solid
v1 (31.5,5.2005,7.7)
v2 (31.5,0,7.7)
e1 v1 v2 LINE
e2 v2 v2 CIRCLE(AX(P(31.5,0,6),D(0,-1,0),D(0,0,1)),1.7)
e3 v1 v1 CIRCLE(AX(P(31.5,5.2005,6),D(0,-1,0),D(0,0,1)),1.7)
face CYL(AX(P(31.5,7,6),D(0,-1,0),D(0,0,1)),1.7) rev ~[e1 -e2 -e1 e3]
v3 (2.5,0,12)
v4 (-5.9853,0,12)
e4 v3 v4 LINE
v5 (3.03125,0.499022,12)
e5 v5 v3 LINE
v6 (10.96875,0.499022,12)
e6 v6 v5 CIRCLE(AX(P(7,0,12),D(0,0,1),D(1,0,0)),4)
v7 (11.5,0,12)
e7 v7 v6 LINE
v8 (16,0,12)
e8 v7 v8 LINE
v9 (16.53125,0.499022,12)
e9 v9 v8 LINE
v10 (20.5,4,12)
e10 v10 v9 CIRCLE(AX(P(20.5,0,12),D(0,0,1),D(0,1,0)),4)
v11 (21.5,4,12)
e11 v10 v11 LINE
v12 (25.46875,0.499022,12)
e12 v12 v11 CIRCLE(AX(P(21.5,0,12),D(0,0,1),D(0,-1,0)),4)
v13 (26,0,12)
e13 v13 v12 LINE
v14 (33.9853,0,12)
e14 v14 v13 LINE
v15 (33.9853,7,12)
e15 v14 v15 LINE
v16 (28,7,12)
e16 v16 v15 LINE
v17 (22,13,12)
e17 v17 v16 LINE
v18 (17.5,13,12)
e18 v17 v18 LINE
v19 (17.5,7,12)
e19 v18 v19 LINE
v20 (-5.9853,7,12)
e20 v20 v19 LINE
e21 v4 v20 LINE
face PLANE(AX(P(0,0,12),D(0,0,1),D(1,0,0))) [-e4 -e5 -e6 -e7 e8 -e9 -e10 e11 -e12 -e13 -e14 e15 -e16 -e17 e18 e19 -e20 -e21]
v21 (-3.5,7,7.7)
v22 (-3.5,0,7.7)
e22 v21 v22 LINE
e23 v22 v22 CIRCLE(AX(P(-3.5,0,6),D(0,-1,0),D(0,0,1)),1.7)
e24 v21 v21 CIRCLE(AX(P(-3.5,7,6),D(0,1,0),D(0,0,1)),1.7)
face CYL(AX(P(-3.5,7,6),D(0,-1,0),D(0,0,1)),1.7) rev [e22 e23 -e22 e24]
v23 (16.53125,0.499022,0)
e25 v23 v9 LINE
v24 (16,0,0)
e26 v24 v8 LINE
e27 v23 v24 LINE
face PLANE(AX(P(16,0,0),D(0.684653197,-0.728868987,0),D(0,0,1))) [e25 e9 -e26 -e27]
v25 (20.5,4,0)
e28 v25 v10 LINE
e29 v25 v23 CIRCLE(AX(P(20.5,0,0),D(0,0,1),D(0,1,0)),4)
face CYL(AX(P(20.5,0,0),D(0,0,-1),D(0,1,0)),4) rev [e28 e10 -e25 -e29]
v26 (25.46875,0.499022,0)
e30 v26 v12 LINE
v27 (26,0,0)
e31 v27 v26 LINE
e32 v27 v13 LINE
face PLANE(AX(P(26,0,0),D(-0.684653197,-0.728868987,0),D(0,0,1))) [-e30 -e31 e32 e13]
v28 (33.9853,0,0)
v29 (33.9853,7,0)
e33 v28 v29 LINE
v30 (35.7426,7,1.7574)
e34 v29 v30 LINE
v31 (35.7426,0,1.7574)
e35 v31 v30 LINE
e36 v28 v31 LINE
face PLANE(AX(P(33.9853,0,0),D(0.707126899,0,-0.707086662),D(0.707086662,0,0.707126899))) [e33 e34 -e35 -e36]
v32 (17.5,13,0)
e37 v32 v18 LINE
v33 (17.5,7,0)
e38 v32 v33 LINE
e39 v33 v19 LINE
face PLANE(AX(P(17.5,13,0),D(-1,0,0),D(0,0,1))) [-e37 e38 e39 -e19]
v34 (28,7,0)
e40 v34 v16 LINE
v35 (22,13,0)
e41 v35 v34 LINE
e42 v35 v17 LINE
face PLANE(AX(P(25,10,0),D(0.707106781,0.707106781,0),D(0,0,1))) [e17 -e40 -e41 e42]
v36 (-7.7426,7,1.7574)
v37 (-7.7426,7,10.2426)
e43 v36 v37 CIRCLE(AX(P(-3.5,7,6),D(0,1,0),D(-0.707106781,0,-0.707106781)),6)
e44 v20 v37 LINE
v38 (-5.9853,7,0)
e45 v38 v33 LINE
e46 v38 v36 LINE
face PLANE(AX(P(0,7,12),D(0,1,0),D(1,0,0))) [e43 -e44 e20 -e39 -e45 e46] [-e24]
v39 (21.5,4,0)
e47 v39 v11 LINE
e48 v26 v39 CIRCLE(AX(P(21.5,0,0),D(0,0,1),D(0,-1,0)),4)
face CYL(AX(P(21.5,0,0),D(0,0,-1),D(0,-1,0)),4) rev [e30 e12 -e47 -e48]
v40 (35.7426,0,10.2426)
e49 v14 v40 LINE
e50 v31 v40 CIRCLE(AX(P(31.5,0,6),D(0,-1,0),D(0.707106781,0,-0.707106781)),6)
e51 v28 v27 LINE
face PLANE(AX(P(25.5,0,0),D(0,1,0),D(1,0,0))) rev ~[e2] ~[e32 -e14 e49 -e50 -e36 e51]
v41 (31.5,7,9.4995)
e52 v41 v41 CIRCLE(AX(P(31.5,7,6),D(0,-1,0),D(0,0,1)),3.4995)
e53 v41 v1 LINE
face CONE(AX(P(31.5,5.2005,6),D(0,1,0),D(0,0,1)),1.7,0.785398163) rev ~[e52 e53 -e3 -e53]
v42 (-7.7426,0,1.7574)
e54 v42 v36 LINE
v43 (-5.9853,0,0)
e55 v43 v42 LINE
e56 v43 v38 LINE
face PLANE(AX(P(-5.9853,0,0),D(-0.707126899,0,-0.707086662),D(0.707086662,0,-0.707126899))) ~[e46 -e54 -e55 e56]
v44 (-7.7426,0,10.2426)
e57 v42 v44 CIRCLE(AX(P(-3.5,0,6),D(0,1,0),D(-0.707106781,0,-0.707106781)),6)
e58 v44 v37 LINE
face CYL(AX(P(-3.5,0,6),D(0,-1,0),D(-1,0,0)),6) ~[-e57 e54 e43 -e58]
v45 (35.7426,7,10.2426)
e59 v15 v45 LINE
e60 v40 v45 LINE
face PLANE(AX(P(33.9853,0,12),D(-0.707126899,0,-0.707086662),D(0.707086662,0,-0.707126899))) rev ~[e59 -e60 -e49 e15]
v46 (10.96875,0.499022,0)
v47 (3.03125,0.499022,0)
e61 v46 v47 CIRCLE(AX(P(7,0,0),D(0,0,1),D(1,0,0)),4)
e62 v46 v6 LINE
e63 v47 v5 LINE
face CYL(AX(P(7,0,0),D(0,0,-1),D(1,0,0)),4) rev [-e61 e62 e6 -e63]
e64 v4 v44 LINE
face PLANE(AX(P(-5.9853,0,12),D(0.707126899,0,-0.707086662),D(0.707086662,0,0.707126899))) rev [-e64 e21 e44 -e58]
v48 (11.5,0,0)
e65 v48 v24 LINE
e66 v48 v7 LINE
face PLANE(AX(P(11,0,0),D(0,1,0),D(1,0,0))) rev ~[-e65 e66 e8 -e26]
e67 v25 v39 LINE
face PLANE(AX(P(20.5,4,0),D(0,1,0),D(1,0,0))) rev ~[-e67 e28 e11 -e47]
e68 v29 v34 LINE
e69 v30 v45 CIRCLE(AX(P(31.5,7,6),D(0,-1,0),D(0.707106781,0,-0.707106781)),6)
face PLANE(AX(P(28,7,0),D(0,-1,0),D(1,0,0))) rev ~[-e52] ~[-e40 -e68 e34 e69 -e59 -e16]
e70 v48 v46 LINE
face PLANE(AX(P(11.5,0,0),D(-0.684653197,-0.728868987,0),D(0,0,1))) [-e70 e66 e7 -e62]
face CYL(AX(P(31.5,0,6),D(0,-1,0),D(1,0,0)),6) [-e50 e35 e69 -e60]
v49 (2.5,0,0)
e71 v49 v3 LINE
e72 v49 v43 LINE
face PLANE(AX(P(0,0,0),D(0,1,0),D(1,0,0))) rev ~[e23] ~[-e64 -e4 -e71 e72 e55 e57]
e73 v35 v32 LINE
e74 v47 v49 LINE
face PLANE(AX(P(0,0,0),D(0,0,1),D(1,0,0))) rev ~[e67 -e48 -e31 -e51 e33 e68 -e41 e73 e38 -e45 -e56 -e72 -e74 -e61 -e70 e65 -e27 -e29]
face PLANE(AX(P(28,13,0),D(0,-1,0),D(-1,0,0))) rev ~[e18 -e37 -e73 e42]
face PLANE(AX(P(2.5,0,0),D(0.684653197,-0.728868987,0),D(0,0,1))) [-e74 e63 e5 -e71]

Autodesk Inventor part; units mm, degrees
ref_plane "YZ Plane" through (0, 0, 0) normal (1, 0, 0) x (0, 1, 0)
sketch "Sketch1" plane through (0, 0, 0) normal (0, 0, 1) x (1, 0, 0)
  line L0 (0, 0) -> (28, 0)
  line L1 (28, 0) -> (28, 13)
  line L2 (28, 13) -> (0, 13)
  line L3 (0, 13) -> (0, 0)
  circle A0 centre (7, 0) radius 4
  circle A1 centre (21, 0) radius 4 construction
  line L4 (21, 0) -> (23, 0) construction
  line L5 (20.5, 0) -> (21.5, 0) construction
  line L6 (20.5, 4) -> (21.5, 4)
  line L7 (21.5, -4) -> (20.5, -4)
  arc A2 (20.5, 4) -> (20.5, -4) centre (20.5, 0) ccw
  arc A3 (21.5, -4) -> (21.5, 4) centre (21.5, 0) ccw
  point P0 (3, 0)
  point P1 (11, 0)
  point P2 (17, 0)
  point P3 (25, 0)
  point P4 (22, 0)
  point P5 (21, 0)
  point P6 (16.5, 0)
  point P7 (25.5, 0)
  dimension "d0" = 28
  dimension "d1" = 13
  dimension "d2" = 8
  dimension "d3" = 8
  dimension "d4" = 14
  dimension "d5" = 7
  dimension "d6" = 7
  dimension "d39" = 1
  dimension "d40" = 1
extrude "Extrusion1" add sketch "Sketch1" along normal blind 12 contours L3 L2 L1 L0 A3 L6 A2 A0
chamfer "Chamfer1" distance 6 angle 45 1 edges at (28, 13, 6)
sketch "Sketch2" plane through (0, 13, 12) normal (0, 1, 0) x (1, 0, 0)
  line L0 (0, 12) -> (0, 0) projected
  line L1 (0, 7.25) -> (11.5, 7.25)
  line L2 (11.5, 7.25) -> (11.5, 12)
  line L3 (22, 12) -> (0, 12) projected
  line L4 (17.5, 12) -> (17.5, 0)
  line L5 (11, 0) -> (3, 0) projected
  line L6 (0, 4.75) -> (11.5, 4.75)
  line L7 (11.5, 4.75) -> (11.5, 0)
  line L8 (11, 0) -> (3, 0) projected
  line L9 (11.5, 12) -> (17.5, 12)
  line L10 (17.5, 0) -> (11.5, 0)
  line L11 (0, 4.75) -> (0, 7.25)
  line L12 (11.5, 7.25) -> (11.5, 4.75)
  line L13 (0, 4.75) -> (11.5, 4.75)
  line L14 (11.5, 4.75) -> (11.5, 0)
  line L15 (11.5, 0) -> (0, 0)
  line L16 (0, 0) -> (0, 4.75)
  line L17 (11, 0) -> (16.5, 0) projected
  line L18 (11.5, 12) -> (14, 12)
  line L19 (14, 12) -> (14, 0)
  line L20 (14, 0) -> (11.5, 0)
  line L21 (11.5, 0) -> (11.5, 12)
  line L22 (0, 7.25) -> (0.5, 8)
  line L23 (0.5, 8) -> (1, 7.25)
  line L24 (2, 7.25) -> (2.5, 8)
  line L25 (2.5, 8) -> (3, 7.25)
  line L26 (4, 7.25) -> (4.5, 8)
  line L27 (4.5, 8) -> (5, 7.25)
  line L28 (6, 7.25) -> (6.5, 8)
  line L29 (6.5, 8) -> (7, 7.25)
  line L30 (8, 7.25) -> (8.5, 8)
  line L31 (8.5, 8) -> (9, 7.25)
  line L32 (0, 12) -> (0, 0) projected
  line L33 (0, 6) -> (11.5, 6) construction
  line L34 (0, 4.75) -> (0.5, 4)
  line L35 (0.5, 4) -> (1, 4.75)
  line L36 (2, 4.75) -> (2.5, 4)
  line L37 (2.5, 4) -> (3, 4.75)
  line L38 (4, 4.75) -> (4.5, 4)
  line L39 (4.5, 4) -> (5, 4.75)
  line L40 (6, 4.75) -> (6.5, 4)
  line L41 (6.5, 4) -> (7, 4.75)
  line L42 (8, 4.75) -> (8.5, 4)
  line L43 (8.5, 4) -> (9, 4.75)
  point P0 (17, 0)
  point P1 (3, 0)
  dimension "d12" = 6
  dimension "d13" = 2.5
  dimension "d14" = 11.5
  dimension "d41" = 2.5
  dimension "d42" = 0.75
  dimension "d43" = 1
  dimension "d46" = 2
extrude "Extrusion2" cut sketch "Sketch2" against normal blind 6
fillet "Fillet1" [suppressed]
chamfer "Chamfer2" distance 0.5 angle 45 4 edges at (3, 0, 6) (11, 0, 6) (16.5, 0, 6) (25.5, 0, 6)
ref_plane "Work Plane1" through (0, 0, 6) normal (0, 0, 1) x (1, 0, 0)
ref_plane "Work Plane3" through (14, 0, 12) normal (1, 0, 0) x (0, 0, -1)
sketch "Sketch5" plane through (28, 0, 0) normal (0, -1, 0) x (1, 0, 0)
  circle A0 centre (3.5, 6) radius 1.5
  line L0 (-28, 0) -> (-25.5, 0) projected
  line L1 (0, 0) -> (0, 12) projected
  circle A1 centre (3.5, 6) radius 3.5
  line L2 (0, 0) -> (0, 12) projected
  line L3 (-6, 12) -> (0, 12) projected
  line L4 (0, 12) -> (5.9853, 12)
  line L5 (0, 0) -> (-6, 0) projected
  line L6 (0, 0) -> (5.9853, 0)
  line L7 (5.9853, 0) -> (7.7426, 1.7574)
  line L8 (5.9853, 12) -> (7.7426, 10.2426)
  circle A2 centre (3.5, 6) radius 6
  line L9 (-28, 12) -> (-25.5, 12) projected
  line L10 (-28, 0) -> (-28, 12) projected
  line L11 (-25.5, 12) -> (-25.5, 0) projected
  line L12 (-16.5, 0) -> (-16.5, 12) projected
  line L13 (-16.5, 0) -> (-12, 0) projected
  line L14 (-16.5, 12) -> (-12, 12) projected
  line L15 (-2, 0) -> (0, 0) projected
  line L16 (-2, 12) -> (0, 12) projected
  line L17 (-12, 12) -> (-12, 0) projected
  line L18 (-2, 0) -> (-2, 12) projected
  point P0 (-2.5, 12)
  point P1 (-2.5, 0)
  point P2 (0, 6)
  dimension "d26" = 3
  dimension "d28" = 7
  dimension "d38" = 135
extrude "Extrusion3" add sketch "Sketch5" against normal blind 7 contours A0 | L1 A2 L6 | A1 | L1 A2 | A2 L7 L6 | L1 L4 A2 | L4 L8 A2
sketch "Sketch6" plane through (28, 7, 0) normal (0, 1, 0) x (1, 0, 0)
  arc A0 (7.7426, -10.2426) -> (7.7426, -1.7574) centre (3.5, -6) ccw projected
  point P0 (-28, 0)
hole "Hole1" at (31.5, 7, 6) direction (0, -1, 0) diameter 3.4 depth 8 clearance for "Flat Head Machine Screw" size "M3" standard "Ansi Metric M Profile"
mirror "Mirror2" about plane through (14, 0, 12) normal (1, 0, 0) of "Extrusion3", "Hole1"
chamfer "Chamfer3" distance 1.8 angle 45 1 edges at (31.5, 7, 4.3)
equation "\"d5\" = d6"
properties part number "Magnet Mount Lower"
